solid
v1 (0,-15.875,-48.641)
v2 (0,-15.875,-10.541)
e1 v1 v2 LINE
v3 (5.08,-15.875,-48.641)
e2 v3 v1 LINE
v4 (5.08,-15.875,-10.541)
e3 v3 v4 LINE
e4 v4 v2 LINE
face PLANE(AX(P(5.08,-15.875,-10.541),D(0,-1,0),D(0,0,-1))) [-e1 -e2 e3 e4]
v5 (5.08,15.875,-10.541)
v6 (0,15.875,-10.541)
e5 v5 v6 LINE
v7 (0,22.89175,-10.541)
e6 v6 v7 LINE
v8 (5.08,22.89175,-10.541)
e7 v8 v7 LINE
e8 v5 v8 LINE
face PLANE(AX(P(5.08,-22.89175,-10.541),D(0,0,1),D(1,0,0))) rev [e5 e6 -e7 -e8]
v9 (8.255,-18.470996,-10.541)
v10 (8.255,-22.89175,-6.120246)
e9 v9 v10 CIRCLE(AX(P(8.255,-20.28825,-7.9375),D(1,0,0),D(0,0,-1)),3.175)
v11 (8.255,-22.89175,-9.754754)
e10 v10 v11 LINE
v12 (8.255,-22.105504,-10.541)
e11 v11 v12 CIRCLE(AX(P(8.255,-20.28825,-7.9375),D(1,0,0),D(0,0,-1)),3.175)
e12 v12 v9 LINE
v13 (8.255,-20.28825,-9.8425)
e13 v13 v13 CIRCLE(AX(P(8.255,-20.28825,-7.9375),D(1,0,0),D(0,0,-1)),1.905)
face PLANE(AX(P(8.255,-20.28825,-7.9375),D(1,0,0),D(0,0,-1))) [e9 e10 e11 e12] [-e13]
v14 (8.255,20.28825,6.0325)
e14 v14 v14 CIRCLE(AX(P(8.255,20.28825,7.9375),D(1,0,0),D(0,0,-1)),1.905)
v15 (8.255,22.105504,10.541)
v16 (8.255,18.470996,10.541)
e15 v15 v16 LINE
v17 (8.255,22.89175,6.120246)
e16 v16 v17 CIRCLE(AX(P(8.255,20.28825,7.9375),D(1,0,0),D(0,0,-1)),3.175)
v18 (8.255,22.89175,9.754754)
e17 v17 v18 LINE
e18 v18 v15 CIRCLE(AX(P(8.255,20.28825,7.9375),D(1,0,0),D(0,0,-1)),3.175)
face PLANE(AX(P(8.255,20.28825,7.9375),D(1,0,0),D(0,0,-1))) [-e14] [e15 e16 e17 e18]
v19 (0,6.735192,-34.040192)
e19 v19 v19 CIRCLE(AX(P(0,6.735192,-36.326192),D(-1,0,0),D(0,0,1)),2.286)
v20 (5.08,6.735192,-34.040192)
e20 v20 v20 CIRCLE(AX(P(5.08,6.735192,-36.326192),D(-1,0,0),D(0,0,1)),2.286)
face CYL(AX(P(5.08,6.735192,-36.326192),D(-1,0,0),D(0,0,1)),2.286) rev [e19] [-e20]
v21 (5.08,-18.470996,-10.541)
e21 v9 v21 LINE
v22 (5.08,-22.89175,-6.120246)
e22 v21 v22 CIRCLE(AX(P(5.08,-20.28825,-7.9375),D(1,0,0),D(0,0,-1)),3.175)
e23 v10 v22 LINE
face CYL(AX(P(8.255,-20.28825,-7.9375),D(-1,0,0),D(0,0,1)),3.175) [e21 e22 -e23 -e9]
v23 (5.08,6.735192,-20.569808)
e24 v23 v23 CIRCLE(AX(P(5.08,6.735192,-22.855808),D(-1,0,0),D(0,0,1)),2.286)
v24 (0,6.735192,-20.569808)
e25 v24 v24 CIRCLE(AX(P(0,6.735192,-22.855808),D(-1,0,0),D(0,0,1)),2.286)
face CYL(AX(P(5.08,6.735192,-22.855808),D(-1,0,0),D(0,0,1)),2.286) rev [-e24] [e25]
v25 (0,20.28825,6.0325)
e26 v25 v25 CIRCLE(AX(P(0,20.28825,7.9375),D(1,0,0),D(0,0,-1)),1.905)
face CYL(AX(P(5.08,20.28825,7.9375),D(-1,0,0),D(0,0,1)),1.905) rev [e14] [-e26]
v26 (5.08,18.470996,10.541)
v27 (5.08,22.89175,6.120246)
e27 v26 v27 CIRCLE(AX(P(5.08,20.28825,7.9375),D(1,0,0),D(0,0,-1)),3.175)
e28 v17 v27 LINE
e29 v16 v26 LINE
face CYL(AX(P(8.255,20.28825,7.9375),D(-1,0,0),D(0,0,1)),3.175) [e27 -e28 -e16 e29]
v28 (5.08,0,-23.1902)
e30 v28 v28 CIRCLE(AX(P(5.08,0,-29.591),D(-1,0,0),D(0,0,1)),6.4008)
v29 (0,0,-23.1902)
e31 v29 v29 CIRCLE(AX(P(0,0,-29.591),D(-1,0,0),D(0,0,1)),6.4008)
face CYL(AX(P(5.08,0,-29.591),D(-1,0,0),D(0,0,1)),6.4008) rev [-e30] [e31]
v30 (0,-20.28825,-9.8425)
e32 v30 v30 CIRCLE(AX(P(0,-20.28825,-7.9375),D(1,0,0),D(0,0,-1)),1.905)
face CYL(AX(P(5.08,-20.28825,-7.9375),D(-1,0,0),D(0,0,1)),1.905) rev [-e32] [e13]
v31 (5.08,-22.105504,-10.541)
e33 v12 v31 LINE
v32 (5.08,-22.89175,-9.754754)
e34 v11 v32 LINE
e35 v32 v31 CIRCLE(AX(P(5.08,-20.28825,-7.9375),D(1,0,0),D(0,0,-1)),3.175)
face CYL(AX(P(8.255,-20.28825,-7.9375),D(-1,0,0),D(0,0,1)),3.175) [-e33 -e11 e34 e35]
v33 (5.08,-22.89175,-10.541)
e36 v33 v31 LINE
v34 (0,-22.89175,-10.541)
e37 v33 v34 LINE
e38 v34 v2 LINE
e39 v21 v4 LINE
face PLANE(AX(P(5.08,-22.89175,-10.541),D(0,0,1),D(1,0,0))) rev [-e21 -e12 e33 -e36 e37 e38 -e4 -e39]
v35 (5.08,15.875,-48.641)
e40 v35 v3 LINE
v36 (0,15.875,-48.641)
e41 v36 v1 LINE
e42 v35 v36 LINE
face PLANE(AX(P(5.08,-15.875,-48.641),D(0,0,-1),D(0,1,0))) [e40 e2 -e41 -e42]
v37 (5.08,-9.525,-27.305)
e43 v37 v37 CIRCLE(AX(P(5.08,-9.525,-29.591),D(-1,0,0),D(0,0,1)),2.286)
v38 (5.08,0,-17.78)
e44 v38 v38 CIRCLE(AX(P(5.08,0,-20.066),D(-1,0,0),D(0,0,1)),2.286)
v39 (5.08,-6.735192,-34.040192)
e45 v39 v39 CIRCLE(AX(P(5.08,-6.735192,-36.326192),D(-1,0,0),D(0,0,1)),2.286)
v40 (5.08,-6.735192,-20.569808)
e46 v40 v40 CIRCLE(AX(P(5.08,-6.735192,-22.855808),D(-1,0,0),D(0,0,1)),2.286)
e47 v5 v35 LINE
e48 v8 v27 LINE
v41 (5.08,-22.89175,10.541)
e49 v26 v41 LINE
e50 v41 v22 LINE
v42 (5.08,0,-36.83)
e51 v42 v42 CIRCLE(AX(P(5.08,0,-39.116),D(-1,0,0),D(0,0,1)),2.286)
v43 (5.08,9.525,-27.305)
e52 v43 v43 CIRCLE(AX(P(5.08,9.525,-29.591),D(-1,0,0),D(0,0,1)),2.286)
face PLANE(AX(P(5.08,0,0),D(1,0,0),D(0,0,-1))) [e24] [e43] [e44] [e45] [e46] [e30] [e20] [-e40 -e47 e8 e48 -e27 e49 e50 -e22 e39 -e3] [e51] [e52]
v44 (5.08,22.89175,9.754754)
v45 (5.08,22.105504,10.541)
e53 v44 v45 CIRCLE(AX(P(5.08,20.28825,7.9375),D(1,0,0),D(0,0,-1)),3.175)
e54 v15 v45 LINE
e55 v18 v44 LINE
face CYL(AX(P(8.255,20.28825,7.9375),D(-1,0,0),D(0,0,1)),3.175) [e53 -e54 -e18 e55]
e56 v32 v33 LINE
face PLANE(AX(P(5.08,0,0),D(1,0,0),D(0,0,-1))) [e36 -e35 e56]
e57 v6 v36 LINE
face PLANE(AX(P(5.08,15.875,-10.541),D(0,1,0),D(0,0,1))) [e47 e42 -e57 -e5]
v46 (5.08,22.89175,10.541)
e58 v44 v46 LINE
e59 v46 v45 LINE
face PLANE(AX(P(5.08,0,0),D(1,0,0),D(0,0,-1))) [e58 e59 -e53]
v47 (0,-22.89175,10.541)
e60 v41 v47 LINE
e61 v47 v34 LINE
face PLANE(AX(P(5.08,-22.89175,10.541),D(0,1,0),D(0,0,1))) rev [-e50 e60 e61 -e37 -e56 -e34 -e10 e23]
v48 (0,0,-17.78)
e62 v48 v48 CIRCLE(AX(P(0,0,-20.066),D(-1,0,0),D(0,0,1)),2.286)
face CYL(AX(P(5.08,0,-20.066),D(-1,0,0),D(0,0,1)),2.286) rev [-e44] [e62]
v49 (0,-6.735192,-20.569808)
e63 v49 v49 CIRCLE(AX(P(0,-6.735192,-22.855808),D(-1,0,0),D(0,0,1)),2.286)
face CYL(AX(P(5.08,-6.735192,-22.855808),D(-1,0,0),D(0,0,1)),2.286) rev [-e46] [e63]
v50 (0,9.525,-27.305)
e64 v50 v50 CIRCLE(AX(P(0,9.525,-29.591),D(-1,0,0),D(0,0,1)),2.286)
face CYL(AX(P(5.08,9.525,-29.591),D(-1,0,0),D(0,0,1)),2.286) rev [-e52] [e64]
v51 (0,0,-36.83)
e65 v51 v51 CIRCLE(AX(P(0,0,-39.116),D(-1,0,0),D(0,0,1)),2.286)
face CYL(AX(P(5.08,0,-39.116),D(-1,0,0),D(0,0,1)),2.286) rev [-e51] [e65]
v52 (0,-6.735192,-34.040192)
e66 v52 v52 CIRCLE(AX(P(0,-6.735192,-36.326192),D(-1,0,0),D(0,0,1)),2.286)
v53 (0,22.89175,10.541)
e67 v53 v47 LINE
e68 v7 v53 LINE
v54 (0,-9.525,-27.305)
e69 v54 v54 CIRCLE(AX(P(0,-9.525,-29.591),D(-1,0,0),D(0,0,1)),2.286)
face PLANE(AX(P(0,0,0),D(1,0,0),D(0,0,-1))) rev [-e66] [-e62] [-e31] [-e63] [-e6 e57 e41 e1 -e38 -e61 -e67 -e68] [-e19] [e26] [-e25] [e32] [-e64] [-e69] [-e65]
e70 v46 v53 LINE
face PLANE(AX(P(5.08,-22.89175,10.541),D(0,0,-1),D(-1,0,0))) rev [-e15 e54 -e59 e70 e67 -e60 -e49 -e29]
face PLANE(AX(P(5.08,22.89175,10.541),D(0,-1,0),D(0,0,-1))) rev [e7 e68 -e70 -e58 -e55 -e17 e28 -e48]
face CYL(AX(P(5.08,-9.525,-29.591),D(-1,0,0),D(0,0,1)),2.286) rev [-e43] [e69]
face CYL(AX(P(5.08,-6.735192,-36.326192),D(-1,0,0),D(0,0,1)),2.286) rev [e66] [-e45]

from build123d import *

# Parameters (mm, degrees)
SKETCH1_W           = 45.7835
SKETCH1_H           = 21.082
SKETCH1_R           = 1.905
BOSS_EXTRUDE1_DEPTH = 5.08
SKETCH2_R           = 1.905
BOSS_EXTRUDE2_DEPTH = 3.175
SKETCH4_W           = 31.75
SKETCH4_H           = 38.1
SKETCH4_R           = 6.4008
SKETCH4_R_2         = 2.286
BOSS_EXTRUDE4_DEPTH = 5.08


with BuildPart() as part:
    # Sketch1 → Boss-Extrude1 (new body)
    with BuildSketch(Plane.YZ):
        Rectangle(SKETCH1_W, SKETCH1_H)
        with Locations(Location((-20.28825, -7.9375, 0), (0, 0, 270))):
            Circle(SKETCH1_R, mode=Mode.SUBTRACT)
        with Locations(Location((20.28825, 7.9375, 0), (0, 0, 270))):
            Circle(SKETCH1_R, mode=Mode.SUBTRACT)
    extrude(amount=BOSS_EXTRUDE1_DEPTH)

    # Sketch2 → Boss-Extrude2 (add)
    # profile 1 of 2: a face of its own
    with BuildSketch(Plane.YZ.offset(5.08)):
        with BuildLine():
            Line((18.470995821, 10.541), (22.105504179, 10.541))
            ThreePointArc((22.105504179, 10.541), (22.53331403, 10.18256403), (22.89175, 9.754754179))
            Line((22.89175, 9.754754179), (22.89175, 6.120245821))
            ThreePointArc((22.89175, 6.120245821), (18.04318597, 5.69243597), (18.470995821, 10.541))
        make_face()
        with Locations(Location((20.28825, 7.9375, 0), (0, 0, 270))):
            Circle(SKETCH2_R, mode=Mode.SUBTRACT)
    # profile 2 of 2: a face of its own
    with BuildSketch(Plane.YZ.offset(5.08)):
        with BuildLine():
            Line((-22.89175, -6.120245821), (-22.89175, -9.754754179))
            ThreePointArc((-22.89175, -9.754754179), (-22.53331403, -10.18256403), (-22.105504179, -10.541))
            Line((-22.105504179, -10.541), (-18.470995821, -10.541))
            ThreePointArc((-18.470995821, -10.541), (-18.04318597, -5.69243597), (-22.89175, -6.120245821))
        make_face()
        with Locations(Location((-20.28825, -7.9375, 0), (0, 0, 270))):
            Circle(SKETCH2_R, mode=Mode.SUBTRACT)
    extrude(amount=BOSS_EXTRUDE2_DEPTH)

    # Sketch4 → Boss-Extrude4 (add)
    with BuildSketch(Plane(origin=(0, 0, 0), x_dir=(0, -1, 0), z_dir=(-1, 0, 0))):
        with Locations((0, -29.591)):
            Rectangle(SKETCH4_W, SKETCH4_H)
        with Locations(Location((0, -29.591, 0), (0, 0, 90))):
            Circle(SKETCH4_R, mode=Mode.SUBTRACT)
        with Locations(Location((0, -20.066, 0), (0, 0, 90))):
            Circle(SKETCH4_R_2, mode=Mode.SUBTRACT)
        with Locations(Location((6.735192091, -22.855807909, 0), (0, 0, 90))):
            Circle(SKETCH4_R_2, mode=Mode.SUBTRACT)
        with Locations(Location((9.525, -29.591, 0), (0, 0, 90))):
            Circle(SKETCH4_R_2, mode=Mode.SUBTRACT)
        with Locations(Location((6.735192091, -36.326192091, 0), (0, 0, 90))):
            Circle(SKETCH4_R_2, mode=Mode.SUBTRACT)
        with Locations(Location((0, -39.116, 0), (0, 0, 90))):
            Circle(SKETCH4_R_2, mode=Mode.SUBTRACT)
        with Locations(Location((-6.735192091, -36.326192091, 0), (0, 0, 90))):
            Circle(SKETCH4_R_2, mode=Mode.SUBTRACT)
        with Locations(Location((-9.525, -29.591, 0), (0, 0, 90))):
            Circle(SKETCH4_R_2, mode=Mode.SUBTRACT)
        with Locations(Location((-6.735192091, -22.855807909, 0), (0, 0, 90))):
            Circle(SKETCH4_R_2, mode=Mode.SUBTRACT)
    extrude(amount=-BOSS_EXTRUDE4_DEPTH)


solid = part.part
